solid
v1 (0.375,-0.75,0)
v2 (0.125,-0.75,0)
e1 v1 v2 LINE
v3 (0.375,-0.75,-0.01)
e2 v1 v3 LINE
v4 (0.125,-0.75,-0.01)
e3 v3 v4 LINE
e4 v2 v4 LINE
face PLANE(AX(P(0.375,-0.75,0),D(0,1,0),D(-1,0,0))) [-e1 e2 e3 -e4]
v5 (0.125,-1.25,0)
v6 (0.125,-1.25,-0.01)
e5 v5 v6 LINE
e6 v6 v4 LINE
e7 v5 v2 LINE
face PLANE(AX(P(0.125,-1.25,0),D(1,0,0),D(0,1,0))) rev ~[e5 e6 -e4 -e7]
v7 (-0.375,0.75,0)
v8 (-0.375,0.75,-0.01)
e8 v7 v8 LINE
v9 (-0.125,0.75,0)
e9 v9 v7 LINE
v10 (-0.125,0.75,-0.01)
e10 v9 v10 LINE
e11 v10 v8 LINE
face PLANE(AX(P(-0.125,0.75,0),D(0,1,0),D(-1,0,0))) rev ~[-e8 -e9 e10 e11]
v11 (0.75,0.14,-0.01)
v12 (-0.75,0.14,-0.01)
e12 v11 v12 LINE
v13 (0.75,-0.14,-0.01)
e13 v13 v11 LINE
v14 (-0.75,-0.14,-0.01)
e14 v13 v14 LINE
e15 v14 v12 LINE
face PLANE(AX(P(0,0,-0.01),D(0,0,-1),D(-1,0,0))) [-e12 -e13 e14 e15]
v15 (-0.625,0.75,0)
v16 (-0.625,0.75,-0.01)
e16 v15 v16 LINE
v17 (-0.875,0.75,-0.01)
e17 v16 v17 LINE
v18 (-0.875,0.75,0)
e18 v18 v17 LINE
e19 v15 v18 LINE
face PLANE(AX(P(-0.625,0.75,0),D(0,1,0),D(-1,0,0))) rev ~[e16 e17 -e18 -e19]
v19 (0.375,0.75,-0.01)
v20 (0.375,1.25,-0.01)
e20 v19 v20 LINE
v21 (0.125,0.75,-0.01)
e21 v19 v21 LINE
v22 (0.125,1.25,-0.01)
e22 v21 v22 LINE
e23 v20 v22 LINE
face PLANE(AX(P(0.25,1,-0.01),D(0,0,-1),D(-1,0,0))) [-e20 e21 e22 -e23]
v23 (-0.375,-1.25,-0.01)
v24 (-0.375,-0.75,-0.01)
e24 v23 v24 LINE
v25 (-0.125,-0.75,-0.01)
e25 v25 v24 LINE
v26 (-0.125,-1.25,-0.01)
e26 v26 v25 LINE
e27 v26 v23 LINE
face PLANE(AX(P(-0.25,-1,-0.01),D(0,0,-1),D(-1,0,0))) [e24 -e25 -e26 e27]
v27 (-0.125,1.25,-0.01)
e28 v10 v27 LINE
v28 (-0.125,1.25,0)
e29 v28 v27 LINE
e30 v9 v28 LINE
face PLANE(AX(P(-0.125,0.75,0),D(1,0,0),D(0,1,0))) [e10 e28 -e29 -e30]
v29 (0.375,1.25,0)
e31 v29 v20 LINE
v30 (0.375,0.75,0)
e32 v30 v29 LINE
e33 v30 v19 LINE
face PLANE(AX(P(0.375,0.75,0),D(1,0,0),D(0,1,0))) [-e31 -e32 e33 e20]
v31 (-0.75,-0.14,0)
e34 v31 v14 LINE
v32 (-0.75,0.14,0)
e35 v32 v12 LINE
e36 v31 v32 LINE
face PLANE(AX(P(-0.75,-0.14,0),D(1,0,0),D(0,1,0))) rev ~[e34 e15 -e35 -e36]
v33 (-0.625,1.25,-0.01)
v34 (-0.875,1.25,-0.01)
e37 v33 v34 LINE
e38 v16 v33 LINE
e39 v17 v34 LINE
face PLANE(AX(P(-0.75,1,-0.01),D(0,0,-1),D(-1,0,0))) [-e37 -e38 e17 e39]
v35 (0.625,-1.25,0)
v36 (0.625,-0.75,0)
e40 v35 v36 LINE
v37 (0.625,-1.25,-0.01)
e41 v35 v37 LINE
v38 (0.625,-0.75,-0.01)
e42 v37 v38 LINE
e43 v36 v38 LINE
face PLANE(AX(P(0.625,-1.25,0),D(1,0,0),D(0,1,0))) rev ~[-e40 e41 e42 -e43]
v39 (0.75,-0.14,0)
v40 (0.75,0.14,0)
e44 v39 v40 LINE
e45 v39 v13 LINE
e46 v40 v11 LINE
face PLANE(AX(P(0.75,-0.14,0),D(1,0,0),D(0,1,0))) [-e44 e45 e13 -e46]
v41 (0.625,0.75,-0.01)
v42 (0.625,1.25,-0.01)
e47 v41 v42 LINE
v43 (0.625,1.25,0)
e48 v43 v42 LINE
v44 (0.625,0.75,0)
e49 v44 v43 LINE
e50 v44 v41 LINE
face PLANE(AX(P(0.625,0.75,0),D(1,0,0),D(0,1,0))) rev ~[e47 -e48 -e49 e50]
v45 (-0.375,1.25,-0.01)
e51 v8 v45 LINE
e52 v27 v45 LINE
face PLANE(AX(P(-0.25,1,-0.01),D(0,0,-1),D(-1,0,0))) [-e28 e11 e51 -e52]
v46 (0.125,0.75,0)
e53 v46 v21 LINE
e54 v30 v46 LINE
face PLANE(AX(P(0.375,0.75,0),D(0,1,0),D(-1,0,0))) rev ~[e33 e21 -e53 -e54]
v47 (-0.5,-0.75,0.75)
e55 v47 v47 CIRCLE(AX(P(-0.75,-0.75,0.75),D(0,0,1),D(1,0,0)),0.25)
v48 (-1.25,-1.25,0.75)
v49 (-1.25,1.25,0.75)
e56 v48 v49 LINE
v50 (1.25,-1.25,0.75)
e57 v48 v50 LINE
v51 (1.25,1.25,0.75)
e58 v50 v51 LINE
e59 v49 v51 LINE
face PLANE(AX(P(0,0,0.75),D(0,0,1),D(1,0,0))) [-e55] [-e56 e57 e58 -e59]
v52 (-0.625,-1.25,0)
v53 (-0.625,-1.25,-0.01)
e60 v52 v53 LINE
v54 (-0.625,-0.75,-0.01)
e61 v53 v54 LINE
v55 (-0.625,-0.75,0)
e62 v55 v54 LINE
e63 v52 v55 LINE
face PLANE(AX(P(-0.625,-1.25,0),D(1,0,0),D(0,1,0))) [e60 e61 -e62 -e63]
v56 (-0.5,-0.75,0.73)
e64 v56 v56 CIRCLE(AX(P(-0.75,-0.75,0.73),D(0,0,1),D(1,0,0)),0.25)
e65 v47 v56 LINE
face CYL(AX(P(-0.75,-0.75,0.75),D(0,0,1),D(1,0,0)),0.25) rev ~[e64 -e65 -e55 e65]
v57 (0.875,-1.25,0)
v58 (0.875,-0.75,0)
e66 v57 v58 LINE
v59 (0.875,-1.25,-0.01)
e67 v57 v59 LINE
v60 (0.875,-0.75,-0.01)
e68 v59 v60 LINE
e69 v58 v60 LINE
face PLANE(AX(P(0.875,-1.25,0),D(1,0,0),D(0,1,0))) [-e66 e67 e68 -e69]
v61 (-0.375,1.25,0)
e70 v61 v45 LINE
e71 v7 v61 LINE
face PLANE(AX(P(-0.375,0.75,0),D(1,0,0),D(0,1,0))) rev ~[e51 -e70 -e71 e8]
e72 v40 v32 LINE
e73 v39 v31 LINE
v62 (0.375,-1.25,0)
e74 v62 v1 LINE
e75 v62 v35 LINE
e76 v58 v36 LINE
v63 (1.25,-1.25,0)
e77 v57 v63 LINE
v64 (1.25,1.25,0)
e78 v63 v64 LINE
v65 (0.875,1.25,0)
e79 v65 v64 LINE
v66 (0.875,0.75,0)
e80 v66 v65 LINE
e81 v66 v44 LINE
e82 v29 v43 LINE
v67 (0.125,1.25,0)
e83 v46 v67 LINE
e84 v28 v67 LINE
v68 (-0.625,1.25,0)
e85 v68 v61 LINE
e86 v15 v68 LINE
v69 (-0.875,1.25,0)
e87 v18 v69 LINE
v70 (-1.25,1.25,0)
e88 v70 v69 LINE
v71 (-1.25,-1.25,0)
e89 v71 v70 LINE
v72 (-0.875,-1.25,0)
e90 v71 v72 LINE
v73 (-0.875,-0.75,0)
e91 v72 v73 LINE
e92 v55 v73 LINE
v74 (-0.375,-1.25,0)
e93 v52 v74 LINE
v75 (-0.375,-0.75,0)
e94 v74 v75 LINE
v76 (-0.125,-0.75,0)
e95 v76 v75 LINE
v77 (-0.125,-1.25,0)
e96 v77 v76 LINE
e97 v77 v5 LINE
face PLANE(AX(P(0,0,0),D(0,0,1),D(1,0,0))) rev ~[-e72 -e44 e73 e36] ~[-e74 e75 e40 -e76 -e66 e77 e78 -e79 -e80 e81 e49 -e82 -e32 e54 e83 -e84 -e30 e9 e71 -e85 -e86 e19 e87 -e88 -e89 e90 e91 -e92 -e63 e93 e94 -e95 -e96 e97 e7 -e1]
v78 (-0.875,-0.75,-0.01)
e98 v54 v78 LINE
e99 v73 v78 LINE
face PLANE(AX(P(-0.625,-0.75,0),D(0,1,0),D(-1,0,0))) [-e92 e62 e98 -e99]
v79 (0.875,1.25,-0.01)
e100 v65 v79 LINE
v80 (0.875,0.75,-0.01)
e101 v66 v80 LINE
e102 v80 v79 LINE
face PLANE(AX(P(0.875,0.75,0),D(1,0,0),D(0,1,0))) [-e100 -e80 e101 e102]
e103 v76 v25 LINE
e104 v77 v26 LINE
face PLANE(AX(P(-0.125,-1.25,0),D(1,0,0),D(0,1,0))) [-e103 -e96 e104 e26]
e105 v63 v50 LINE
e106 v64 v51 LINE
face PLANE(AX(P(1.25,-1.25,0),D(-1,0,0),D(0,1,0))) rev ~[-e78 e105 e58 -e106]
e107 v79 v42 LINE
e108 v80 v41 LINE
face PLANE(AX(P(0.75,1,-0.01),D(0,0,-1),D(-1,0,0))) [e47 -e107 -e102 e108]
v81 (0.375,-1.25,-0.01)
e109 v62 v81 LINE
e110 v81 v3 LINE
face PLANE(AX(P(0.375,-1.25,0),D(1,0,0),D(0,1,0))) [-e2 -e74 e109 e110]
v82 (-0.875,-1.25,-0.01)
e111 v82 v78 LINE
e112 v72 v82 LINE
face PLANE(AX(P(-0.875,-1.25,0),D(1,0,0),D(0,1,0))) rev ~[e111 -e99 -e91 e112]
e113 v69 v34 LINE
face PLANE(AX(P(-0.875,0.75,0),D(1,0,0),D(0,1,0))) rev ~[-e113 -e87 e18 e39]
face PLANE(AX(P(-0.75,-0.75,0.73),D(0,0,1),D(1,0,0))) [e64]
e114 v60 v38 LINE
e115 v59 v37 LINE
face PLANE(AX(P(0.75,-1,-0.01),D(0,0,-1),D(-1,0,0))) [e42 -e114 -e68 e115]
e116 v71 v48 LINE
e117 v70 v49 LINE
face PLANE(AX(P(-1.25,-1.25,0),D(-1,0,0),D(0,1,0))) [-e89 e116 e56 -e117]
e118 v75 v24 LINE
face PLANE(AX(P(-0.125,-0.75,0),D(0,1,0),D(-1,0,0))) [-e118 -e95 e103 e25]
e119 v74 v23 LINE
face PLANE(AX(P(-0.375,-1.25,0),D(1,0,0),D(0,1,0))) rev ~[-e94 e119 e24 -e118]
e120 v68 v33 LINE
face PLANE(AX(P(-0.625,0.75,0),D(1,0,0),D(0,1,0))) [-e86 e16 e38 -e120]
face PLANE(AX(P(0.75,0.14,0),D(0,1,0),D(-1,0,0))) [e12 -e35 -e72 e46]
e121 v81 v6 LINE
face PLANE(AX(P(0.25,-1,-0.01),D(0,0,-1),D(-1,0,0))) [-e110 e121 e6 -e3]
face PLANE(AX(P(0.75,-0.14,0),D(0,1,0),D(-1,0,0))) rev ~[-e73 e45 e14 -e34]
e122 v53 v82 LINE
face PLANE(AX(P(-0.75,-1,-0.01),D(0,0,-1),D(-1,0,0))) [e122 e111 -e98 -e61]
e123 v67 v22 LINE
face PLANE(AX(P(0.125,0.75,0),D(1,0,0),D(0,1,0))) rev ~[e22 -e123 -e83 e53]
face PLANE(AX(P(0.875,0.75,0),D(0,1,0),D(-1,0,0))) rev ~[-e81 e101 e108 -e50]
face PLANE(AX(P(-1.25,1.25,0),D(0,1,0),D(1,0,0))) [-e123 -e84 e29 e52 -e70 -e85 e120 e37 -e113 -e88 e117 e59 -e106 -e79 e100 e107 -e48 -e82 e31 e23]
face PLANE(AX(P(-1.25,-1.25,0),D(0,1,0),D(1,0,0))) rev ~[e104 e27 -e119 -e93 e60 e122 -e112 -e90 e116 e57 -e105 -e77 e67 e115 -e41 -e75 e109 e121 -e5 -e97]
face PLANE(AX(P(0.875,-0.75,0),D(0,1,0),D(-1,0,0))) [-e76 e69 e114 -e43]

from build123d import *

# Parameters (mm, degrees)
SKETCH1_W           = 2.5
SKETCH1_H           = 2.5
BOSS_EXTRUDE1_DEPTH = 0.75
SKETCH2_R           = 0.25
CUT_EXTRUDE1_DEPTH  = 0.02
SKETCH3_W           = 0.25
SKETCH3_H           = 0.5
SKETCH3_W_2         = 1.5
SKETCH3_H_2         = 0.28
BOSS_EXTRUDE2_DEPTH = 0.01


with BuildPart() as part:
    # Sketch1 → Boss-Extrude1 (new body)
    with BuildSketch(Plane.XY):
        Rectangle(SKETCH1_W, SKETCH1_H)
    extrude(amount=BOSS_EXTRUDE1_DEPTH)

    # Sketch2 → Cut-Extrude1 (cut)
    with BuildSketch(Plane.XY.offset(0.75)):
        with Locations((-0.75, -0.75)):
            Circle(SKETCH2_R)
    extrude(amount=-CUT_EXTRUDE1_DEPTH, mode=Mode.SUBTRACT)

    # Sketch3 → Boss-Extrude2 (add)
    with BuildSketch(Plane(origin=(0, 0, 0), x_dir=(-1, 0, 0), z_dir=(0, 0, -1))):
        with Locations((0.75, -1)):
            Rectangle(SKETCH3_W, SKETCH3_H)
        with Locations((0.25, -1)):
            Rectangle(SKETCH3_W, SKETCH3_H)
        with Locations((-0.25, -1)):
            Rectangle(SKETCH3_W, SKETCH3_H)
        with Locations((-0.75, -1)):
            Rectangle(SKETCH3_W, SKETCH3_H)
        with Locations((-0.75, 1)):
            Rectangle(SKETCH3_W, SKETCH3_H)
        with Locations((-0.25, 1)):
            Rectangle(SKETCH3_W, SKETCH3_H)
        with Locations((0.25, 1)):
            Rectangle(SKETCH3_W, SKETCH3_H)
        with Locations((0.75, 1)):
            Rectangle(SKETCH3_W, SKETCH3_H)
        Rectangle(SKETCH3_W_2, SKETCH3_H_2)
    extrude(amount=BOSS_EXTRUDE2_DEPTH)


solid = part.part
